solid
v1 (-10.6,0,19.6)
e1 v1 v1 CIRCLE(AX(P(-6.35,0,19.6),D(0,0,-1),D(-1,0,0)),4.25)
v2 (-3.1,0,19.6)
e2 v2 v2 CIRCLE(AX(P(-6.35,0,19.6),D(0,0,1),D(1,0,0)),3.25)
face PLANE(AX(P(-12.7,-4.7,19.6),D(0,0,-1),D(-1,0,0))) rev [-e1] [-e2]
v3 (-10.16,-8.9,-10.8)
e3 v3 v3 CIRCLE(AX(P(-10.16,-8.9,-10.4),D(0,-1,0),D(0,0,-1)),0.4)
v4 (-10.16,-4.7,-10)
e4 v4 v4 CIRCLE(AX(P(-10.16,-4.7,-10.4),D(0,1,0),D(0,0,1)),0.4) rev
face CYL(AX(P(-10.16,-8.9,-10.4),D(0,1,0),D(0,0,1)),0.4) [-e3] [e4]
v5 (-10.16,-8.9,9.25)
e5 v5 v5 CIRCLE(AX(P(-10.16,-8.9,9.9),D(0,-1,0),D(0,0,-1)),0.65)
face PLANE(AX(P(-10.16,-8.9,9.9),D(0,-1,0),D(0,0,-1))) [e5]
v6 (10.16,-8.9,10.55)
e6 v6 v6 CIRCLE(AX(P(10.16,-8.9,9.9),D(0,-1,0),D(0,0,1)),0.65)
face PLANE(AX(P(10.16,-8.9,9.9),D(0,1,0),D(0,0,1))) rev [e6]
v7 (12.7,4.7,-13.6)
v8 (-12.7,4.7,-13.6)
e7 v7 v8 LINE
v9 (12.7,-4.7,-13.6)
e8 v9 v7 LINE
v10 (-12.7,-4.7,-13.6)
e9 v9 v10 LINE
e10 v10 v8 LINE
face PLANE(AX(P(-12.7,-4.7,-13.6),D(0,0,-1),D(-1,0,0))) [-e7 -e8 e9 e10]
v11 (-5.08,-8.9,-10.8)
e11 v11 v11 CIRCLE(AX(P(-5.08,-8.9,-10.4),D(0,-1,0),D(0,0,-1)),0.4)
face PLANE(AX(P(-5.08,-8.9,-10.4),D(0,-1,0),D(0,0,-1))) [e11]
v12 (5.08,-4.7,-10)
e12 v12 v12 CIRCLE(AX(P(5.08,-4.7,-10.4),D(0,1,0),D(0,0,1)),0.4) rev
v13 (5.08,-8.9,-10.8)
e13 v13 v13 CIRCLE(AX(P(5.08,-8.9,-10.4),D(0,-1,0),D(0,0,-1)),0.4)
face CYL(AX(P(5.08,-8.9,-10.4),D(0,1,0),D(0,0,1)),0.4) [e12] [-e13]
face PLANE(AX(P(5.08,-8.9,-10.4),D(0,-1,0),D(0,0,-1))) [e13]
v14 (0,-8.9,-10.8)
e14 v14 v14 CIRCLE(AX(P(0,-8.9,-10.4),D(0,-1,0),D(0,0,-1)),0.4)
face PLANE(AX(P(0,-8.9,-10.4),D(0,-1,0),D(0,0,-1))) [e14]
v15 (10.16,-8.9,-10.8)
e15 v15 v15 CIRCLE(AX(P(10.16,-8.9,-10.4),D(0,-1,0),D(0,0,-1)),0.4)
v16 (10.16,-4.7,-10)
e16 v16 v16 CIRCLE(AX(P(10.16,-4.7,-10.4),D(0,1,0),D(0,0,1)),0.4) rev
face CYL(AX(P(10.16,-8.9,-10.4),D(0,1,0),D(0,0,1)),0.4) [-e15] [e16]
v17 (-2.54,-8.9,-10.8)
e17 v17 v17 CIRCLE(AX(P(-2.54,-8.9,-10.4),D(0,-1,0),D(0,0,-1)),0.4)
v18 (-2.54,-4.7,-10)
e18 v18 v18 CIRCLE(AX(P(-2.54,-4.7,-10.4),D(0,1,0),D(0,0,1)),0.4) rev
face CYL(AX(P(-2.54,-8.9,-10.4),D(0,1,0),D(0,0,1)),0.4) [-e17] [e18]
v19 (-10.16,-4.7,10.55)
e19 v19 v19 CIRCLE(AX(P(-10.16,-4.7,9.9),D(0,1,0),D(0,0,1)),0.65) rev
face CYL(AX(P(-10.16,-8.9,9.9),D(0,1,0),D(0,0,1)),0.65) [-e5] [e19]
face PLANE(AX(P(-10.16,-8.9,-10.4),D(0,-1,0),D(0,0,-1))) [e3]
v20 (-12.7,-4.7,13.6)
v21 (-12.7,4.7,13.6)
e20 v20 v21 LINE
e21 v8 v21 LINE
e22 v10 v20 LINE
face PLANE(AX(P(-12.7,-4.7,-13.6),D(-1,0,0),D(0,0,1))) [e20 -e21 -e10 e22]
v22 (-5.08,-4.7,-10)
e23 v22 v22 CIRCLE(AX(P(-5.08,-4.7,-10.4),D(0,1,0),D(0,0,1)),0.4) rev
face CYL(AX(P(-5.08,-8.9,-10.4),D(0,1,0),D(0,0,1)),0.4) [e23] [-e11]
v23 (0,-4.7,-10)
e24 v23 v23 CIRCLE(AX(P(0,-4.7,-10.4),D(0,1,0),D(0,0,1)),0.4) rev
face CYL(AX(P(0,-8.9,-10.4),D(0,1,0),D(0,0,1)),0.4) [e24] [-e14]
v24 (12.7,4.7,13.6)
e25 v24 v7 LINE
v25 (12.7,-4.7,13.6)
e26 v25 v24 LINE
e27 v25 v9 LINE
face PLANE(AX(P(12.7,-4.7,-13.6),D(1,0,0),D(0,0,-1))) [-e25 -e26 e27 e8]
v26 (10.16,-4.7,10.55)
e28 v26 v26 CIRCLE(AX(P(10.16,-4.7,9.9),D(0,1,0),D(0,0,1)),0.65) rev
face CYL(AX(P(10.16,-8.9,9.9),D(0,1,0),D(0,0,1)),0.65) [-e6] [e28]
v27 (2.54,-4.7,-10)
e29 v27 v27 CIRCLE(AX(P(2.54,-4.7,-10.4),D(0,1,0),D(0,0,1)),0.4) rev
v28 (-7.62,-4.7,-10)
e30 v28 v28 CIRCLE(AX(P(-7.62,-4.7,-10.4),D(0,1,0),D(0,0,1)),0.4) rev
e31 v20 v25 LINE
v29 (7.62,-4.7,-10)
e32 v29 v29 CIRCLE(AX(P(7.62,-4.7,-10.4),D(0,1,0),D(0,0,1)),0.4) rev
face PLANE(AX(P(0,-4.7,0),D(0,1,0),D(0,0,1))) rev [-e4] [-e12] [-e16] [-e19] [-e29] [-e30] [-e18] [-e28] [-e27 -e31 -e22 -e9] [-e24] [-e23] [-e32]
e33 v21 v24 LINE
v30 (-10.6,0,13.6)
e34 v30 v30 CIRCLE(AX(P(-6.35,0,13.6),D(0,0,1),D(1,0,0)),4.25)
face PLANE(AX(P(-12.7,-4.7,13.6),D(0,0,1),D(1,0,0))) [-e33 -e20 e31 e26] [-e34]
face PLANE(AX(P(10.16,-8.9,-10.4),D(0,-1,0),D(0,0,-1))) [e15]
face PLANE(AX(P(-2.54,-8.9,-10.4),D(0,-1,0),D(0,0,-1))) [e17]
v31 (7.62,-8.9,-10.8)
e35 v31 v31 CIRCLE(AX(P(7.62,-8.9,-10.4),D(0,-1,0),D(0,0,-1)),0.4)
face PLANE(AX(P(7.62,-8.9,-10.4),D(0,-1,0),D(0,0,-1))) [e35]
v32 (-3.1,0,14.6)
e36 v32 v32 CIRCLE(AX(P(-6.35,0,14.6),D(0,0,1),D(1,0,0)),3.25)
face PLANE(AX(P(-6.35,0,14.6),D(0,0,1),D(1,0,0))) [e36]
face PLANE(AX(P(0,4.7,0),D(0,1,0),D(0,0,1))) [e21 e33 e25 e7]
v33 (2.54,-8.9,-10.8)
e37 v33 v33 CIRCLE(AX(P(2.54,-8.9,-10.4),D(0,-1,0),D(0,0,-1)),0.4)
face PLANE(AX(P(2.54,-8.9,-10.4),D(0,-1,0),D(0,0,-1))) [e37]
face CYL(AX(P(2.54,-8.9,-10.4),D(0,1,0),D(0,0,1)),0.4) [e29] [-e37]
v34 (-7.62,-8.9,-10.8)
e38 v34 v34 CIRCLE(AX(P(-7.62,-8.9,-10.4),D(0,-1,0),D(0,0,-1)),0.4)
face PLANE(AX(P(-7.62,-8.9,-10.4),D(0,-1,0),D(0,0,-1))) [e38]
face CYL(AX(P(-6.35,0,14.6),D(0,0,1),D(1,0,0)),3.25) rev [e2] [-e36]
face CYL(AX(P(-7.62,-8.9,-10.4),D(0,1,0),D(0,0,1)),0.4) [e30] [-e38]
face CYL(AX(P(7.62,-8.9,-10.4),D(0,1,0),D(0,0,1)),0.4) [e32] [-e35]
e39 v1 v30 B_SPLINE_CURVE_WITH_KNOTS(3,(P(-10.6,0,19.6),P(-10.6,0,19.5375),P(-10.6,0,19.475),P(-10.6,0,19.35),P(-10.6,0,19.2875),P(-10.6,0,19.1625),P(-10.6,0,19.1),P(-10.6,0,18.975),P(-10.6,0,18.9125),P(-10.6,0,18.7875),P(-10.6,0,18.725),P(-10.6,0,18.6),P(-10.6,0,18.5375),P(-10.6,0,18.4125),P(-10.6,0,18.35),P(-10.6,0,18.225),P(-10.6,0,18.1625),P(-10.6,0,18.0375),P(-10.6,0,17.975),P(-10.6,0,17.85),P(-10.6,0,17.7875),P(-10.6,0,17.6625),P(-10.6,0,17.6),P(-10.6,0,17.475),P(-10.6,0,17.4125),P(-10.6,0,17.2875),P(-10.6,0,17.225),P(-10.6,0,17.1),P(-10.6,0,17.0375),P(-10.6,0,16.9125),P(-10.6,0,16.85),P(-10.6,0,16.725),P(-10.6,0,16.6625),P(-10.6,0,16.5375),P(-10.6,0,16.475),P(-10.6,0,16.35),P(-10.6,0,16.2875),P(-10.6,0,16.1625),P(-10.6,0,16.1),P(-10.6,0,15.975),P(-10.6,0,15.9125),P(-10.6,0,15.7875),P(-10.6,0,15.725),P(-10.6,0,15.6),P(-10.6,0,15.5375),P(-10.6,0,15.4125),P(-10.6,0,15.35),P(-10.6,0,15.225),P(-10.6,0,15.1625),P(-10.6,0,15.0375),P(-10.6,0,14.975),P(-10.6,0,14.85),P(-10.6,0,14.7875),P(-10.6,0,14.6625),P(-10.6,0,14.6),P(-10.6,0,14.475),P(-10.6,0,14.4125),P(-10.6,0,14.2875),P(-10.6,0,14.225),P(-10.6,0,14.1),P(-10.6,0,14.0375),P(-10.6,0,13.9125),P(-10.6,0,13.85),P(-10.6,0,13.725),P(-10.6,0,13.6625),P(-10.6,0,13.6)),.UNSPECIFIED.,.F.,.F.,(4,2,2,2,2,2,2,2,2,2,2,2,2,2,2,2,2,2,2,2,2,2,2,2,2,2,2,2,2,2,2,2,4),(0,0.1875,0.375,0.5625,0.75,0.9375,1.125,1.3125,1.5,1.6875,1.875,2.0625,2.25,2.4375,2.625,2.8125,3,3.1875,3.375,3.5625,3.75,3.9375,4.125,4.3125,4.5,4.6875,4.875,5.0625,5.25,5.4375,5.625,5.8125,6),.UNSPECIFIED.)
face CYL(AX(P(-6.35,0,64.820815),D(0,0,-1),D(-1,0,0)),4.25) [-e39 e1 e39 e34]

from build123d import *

# Parameters (mm, degrees)
EXTRUDE_1_DEPTH      = 4.7
EXTRUDE_1_DEPTH_BACK = 4.7
SKETCH_1_W           = 25.4
SKETCH_1_H           = 27.2
SKETCH_2_R           = 4.25
EXTRUDE_2_DEPTH      = 6
SKETCH_3_R           = 3.25
CUT_EXTRUDE_1_DEPTH  = 5
SKETCH_4_R           = 0.65
SKETCH_4_R_2         = 0.4
EXTRUDE_3_DEPTH      = 4.2


with BuildPart() as part:
    # 草图1 → 凸台-拉伸1 (new, two sides: drawn at the far end of the back side and taken through both)
    with BuildSketch(Plane(origin=(0, 0, 0), x_dir=(1, 0, 0), z_dir=(0, 1, 0)).offset(-EXTRUDE_1_DEPTH_BACK)):
        Rectangle(SKETCH_1_W, SKETCH_1_H)
    extrude(amount=EXTRUDE_1_DEPTH + EXTRUDE_1_DEPTH_BACK)

    # 草图2 → 凸台-拉伸2 (add)
    with BuildSketch(Plane.XY.offset(13.6)):
        with Locations(Location((-6.35, 0, 0), (0, 0, 180))):
            Circle(SKETCH_2_R)
    extrude(amount=EXTRUDE_2_DEPTH)

    # 草图3 → 切除-拉伸1 (cut)
    with BuildSketch(Plane.XY.offset(19.6)):
        with Locations((-6.35, 0)):
            Circle(SKETCH_3_R)
    extrude(amount=-CUT_EXTRUDE_1_DEPTH, mode=Mode.SUBTRACT)

    # 草图4 → 凸台-拉伸3 (add)
    with BuildSketch(Plane.XZ.offset(4.7)):
        with Locations(Location((-10.16, 9.9, 0), (0, 0, 90))):
            Circle(SKETCH_4_R)
        with Locations(Location((10.16, 9.9, 0), (0, 0, 90))):
            Circle(SKETCH_4_R)
        with Locations(Location((-10.16, -10.4, 0), (0, 0, 90))):
            Circle(SKETCH_4_R_2)
        with Locations(Location((-7.62, -10.4, 0), (0, 0, 90))):
            Circle(SKETCH_4_R_2)
        with Locations(Location((-5.08, -10.4, 0), (0, 0, 90))):
            Circle(SKETCH_4_R_2)
        with Locations(Location((-2.54, -10.4, 0), (0, 0, 90))):
            Circle(SKETCH_4_R_2)
        with Locations(Location((0, -10.4, 0), (0, 0, 90))):
            Circle(SKETCH_4_R_2)
        with Locations(Location((2.54, -10.4, 0), (0, 0, 90))):
            Circle(SKETCH_4_R_2)
        with Locations(Location((5.08, -10.4, 0), (0, 0, 90))):
            Circle(SKETCH_4_R_2)
        with Locations(Location((7.62, -10.4, 0), (0, 0, 90))):
            Circle(SKETCH_4_R_2)
        with Locations(Location((10.16, -10.4, 0), (0, 0, 90))):
            Circle(SKETCH_4_R_2)
    extrude(amount=EXTRUDE_3_DEPTH)


solid = part.part
